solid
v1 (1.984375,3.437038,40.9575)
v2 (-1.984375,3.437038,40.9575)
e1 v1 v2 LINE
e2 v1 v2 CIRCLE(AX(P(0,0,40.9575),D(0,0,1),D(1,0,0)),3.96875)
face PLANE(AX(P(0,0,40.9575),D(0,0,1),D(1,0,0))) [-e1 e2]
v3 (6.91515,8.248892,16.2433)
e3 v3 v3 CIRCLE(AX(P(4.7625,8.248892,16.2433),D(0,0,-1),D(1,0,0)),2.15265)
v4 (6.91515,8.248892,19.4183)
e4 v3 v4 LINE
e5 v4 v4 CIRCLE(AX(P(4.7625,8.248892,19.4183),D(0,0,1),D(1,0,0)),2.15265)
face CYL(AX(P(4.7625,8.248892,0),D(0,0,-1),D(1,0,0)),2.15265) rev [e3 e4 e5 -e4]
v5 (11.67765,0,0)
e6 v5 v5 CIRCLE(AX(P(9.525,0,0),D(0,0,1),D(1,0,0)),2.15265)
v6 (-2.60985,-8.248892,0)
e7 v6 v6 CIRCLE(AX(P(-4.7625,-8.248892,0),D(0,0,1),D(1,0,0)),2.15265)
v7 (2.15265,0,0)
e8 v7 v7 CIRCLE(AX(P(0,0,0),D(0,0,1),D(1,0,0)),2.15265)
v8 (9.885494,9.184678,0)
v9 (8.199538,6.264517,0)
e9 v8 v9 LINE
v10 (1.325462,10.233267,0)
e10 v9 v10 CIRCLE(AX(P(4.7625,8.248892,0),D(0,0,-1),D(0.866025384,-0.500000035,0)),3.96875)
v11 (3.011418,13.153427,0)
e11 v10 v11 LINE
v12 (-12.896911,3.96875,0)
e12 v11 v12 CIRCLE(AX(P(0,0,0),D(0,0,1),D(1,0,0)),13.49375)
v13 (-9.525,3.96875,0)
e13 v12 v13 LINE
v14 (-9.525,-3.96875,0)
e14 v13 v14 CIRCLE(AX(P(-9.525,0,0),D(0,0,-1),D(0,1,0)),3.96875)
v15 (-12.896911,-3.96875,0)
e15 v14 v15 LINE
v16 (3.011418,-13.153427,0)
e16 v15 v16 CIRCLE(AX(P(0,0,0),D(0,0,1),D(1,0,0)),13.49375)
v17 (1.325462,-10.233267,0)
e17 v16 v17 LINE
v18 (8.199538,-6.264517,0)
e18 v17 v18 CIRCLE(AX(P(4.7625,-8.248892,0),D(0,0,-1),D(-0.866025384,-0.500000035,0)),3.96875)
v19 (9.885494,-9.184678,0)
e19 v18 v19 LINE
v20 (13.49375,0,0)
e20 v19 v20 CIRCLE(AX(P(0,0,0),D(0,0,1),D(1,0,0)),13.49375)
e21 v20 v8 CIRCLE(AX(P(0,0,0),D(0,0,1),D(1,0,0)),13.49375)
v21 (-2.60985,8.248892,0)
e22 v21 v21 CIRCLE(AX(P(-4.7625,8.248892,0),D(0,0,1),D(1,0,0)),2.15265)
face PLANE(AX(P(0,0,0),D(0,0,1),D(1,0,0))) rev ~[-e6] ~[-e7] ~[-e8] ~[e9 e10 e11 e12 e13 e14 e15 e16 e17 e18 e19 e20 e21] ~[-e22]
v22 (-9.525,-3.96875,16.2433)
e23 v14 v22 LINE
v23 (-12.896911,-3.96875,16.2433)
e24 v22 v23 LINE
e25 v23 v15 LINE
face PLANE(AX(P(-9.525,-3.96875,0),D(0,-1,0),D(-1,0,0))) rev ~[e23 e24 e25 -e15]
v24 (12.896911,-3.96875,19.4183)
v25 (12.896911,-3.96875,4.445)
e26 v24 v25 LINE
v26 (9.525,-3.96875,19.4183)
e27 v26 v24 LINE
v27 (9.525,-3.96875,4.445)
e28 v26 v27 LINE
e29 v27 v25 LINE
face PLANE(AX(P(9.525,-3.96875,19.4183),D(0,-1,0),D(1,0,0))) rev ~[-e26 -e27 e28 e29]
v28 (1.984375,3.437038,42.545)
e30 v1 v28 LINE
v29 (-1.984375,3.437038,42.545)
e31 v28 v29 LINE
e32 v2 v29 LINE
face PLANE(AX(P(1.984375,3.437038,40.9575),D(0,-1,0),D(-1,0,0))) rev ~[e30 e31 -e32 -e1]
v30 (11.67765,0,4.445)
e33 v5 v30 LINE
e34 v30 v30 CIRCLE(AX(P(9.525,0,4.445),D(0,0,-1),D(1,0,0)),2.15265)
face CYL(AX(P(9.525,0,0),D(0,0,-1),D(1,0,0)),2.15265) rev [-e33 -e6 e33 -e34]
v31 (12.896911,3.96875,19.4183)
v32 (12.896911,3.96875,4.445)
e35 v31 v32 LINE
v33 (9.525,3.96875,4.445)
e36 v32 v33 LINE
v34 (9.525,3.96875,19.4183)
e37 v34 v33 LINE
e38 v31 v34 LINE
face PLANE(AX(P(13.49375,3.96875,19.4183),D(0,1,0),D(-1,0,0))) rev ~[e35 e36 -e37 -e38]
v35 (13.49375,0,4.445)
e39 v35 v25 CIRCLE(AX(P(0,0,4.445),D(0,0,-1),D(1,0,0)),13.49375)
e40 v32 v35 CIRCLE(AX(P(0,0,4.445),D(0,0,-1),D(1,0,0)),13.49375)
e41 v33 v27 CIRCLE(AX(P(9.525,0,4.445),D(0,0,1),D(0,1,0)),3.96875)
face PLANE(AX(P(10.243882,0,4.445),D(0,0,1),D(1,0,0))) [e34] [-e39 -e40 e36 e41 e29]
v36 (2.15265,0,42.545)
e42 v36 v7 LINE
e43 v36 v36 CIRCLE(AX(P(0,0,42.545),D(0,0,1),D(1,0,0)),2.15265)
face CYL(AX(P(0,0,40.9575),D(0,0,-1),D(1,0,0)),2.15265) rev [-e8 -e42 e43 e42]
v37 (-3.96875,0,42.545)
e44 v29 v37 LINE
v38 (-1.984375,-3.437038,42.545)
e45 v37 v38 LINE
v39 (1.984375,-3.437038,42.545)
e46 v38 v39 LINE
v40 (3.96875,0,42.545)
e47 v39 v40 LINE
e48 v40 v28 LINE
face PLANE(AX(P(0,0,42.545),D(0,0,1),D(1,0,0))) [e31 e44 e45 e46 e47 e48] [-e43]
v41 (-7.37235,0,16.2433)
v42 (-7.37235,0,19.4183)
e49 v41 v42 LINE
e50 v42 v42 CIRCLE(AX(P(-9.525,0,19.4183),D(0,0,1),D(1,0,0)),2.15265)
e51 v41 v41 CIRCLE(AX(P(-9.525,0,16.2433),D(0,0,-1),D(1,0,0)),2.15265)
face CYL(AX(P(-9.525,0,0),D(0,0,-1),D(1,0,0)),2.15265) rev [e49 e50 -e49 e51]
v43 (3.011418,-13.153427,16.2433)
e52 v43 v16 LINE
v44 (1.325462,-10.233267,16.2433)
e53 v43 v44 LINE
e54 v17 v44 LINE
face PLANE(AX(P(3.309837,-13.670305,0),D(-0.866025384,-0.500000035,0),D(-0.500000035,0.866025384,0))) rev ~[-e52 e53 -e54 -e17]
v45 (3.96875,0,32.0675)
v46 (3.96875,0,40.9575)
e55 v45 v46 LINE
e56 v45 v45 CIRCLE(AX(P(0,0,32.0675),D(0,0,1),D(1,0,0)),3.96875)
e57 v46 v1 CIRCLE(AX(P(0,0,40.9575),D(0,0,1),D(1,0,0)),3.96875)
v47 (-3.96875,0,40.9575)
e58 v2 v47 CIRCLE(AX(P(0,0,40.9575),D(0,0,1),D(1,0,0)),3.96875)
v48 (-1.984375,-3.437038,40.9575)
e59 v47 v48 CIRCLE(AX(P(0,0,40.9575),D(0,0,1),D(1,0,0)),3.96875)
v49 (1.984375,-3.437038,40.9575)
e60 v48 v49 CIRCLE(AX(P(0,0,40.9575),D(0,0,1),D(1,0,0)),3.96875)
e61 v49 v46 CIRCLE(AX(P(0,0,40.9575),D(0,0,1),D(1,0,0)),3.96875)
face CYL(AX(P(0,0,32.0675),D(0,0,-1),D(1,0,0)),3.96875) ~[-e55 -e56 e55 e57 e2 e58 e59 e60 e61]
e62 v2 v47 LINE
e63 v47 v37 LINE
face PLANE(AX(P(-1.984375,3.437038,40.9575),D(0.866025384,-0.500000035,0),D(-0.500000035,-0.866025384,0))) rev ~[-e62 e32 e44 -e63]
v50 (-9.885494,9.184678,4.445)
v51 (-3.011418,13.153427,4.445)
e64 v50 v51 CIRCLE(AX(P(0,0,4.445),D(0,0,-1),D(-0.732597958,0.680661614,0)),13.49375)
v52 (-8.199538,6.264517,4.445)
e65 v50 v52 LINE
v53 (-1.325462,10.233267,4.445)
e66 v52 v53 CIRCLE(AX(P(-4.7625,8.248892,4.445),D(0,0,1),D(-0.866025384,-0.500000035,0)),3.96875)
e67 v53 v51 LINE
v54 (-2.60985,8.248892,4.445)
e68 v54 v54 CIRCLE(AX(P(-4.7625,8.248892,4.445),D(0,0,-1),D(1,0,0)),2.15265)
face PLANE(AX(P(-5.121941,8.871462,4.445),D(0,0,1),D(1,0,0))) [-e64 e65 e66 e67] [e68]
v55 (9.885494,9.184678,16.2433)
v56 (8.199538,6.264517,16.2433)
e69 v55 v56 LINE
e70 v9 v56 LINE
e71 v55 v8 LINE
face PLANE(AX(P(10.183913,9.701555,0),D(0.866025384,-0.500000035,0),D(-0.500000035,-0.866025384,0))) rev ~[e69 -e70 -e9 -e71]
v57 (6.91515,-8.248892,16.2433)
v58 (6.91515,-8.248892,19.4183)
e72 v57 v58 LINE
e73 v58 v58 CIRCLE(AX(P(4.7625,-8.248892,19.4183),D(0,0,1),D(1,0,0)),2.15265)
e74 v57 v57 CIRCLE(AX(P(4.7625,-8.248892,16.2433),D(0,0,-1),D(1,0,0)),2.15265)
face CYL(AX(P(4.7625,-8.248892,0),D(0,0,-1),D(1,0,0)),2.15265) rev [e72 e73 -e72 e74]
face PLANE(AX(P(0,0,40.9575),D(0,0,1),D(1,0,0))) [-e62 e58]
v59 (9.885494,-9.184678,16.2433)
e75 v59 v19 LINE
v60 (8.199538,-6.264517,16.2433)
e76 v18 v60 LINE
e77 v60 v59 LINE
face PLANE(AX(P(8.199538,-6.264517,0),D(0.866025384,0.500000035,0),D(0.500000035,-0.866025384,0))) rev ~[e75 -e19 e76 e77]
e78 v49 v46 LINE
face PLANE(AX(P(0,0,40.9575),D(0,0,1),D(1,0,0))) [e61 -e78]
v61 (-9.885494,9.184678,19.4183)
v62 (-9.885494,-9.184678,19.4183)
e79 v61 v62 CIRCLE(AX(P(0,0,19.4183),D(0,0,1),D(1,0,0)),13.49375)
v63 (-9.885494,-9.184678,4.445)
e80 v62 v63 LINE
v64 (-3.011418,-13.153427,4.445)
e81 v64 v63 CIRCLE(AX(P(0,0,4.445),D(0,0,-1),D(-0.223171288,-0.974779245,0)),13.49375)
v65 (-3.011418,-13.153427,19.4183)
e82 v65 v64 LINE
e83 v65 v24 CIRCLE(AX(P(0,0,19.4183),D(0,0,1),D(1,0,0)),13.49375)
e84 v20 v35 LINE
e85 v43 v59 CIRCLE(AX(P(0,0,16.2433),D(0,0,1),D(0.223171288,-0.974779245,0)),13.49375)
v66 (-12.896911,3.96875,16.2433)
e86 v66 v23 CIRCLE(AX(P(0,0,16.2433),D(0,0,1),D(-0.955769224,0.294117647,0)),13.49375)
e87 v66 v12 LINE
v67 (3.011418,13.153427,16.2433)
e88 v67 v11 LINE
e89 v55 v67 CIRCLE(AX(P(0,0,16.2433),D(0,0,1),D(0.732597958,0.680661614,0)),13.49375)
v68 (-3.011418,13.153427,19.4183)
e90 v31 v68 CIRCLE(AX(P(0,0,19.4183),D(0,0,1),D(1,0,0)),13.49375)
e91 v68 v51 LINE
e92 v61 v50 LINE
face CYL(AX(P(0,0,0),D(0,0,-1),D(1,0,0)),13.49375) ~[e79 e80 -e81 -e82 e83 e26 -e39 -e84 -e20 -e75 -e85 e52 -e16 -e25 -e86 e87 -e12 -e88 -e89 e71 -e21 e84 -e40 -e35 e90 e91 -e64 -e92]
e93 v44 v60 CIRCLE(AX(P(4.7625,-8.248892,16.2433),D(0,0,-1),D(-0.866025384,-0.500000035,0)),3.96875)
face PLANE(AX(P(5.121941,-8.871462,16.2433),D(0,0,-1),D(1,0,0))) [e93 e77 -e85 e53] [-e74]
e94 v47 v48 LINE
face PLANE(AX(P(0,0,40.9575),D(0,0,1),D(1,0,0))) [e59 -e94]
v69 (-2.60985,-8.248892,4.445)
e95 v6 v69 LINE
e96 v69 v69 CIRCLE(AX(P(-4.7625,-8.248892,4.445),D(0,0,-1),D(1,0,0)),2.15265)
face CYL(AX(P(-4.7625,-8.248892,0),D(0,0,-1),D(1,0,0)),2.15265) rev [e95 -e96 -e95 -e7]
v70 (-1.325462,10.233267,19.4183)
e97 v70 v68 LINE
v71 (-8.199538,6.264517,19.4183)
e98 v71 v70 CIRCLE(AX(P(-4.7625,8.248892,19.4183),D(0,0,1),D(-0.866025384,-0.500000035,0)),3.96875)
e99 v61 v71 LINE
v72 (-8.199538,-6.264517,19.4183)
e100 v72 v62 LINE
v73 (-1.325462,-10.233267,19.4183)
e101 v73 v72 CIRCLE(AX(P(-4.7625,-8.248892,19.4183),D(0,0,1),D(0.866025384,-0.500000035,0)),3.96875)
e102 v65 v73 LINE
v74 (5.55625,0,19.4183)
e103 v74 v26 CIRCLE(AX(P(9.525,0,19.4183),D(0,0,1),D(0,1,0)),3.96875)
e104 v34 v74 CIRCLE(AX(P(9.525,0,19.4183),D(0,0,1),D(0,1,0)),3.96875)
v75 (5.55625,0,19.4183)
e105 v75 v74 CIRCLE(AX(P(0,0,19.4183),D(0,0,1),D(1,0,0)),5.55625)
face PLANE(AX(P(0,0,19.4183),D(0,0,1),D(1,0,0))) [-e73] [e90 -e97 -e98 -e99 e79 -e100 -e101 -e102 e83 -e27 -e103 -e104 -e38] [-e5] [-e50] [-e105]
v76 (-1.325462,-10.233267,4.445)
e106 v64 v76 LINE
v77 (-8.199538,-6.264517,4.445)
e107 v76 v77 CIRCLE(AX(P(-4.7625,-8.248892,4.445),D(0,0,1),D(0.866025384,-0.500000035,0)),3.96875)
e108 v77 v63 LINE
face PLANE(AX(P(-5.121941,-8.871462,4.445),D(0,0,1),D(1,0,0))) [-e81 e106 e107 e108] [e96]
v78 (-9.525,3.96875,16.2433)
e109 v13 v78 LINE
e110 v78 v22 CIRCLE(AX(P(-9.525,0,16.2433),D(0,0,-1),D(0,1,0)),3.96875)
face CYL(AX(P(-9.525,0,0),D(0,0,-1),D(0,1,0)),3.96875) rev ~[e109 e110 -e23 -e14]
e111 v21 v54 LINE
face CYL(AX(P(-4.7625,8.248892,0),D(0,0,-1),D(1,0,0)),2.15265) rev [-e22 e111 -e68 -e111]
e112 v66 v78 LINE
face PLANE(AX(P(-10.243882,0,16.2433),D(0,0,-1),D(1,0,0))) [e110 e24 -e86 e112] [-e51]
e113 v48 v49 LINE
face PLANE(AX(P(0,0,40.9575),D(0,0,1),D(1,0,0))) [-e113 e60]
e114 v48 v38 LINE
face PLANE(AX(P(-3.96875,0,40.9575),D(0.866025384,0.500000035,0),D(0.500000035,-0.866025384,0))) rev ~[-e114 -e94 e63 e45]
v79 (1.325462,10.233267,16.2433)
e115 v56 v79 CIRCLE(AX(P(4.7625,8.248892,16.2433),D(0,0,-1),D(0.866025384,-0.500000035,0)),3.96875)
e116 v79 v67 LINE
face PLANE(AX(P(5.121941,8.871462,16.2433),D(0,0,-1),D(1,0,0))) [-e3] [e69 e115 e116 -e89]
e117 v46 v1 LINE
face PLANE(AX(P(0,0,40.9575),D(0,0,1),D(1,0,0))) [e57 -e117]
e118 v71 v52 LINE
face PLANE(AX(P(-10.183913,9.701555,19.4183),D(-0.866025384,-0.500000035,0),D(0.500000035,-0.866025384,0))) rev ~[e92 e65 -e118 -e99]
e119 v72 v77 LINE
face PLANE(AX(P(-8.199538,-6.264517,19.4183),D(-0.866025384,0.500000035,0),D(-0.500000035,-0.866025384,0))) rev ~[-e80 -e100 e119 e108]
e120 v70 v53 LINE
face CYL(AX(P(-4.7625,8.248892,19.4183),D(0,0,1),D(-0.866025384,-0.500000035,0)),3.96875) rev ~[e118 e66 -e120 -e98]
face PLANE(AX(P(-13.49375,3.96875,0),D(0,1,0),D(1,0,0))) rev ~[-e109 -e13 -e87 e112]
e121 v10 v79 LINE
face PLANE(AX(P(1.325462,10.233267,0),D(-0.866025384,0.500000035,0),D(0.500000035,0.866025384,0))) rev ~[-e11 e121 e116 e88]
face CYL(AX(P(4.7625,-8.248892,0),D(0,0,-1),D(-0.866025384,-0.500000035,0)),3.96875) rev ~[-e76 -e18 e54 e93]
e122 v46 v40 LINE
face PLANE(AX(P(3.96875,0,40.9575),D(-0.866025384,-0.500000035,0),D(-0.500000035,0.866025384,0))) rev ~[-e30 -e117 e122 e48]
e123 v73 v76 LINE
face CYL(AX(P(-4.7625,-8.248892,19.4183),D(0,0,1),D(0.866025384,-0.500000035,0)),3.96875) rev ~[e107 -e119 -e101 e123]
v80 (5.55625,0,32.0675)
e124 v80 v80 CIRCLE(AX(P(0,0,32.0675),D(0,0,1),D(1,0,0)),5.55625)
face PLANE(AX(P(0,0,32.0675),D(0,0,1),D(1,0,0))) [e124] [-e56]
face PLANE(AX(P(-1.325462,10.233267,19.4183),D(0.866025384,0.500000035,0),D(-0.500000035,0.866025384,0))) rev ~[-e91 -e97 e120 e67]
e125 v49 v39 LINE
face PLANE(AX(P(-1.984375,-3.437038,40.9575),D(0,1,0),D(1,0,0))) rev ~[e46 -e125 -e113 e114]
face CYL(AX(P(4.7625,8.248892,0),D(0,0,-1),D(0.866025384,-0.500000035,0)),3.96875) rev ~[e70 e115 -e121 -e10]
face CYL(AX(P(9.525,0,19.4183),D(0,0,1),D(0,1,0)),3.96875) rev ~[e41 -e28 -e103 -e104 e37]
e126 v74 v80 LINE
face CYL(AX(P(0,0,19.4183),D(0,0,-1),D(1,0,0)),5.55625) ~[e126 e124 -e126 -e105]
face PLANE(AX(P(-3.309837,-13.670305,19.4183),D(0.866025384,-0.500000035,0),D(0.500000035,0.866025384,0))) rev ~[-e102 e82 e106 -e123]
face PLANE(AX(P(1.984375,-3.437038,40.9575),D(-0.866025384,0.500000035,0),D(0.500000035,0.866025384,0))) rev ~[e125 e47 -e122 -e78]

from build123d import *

# Parameters (mm, degrees)
F0_R      = 13.49375
F0_R_2    = 2.15265
F1_DEPTH  = 19.4183
F5_DEPTH  = 14.9733
F7_DEPTH  = 16.2433
F8_R      = 5.55625
F8_R_2    = 2.15265
F9_DEPTH  = 12.6492
F10_R     = 3.96875
F10_R_2   = 2.15265
F11_DEPTH = 8.89
F12_R     = 2.15265
F13_DEPTH = 1.5875


with BuildPart() as f1:
    # F0 (on Top) → F1 (new body)
    with BuildSketch(Plane.XY):
        Circle(F0_R)
        with Locations((-4.7625, -8.248892)):
            Circle(F0_R_2, mode=Mode.SUBTRACT)
        with Locations((4.7625, -8.248892)):
            Circle(F0_R_2, mode=Mode.SUBTRACT)
        with Locations((-9.525, 0)):
            Circle(F0_R_2, mode=Mode.SUBTRACT)
        with Locations((-4.7625, 8.248892)):
            Circle(F0_R_2, mode=Mode.SUBTRACT)
        Circle(F0_R_2, mode=Mode.SUBTRACT)
        with Locations((9.525, 0)):
            Circle(F0_R_2, mode=Mode.SUBTRACT)
        with Locations((4.7625, 8.248892)):
            Circle(F0_R_2, mode=Mode.SUBTRACT)
    extrude(amount=F1_DEPTH)

    # F4 (on face) → F5 (cut, through all)
    with BuildSketch(Plane.XY.offset(19.4183)):
        with BuildLine():
            Line((-3.309837, 13.670305), (-10.183913, 9.701555))
            Line((-10.183913, 9.701555), (-8.199538, 6.264517))
            ThreePointArc((-8.199538, 6.264517), (-2.778125, 4.811854), (-1.325462, 10.233267))
            Line((-1.325462, 10.233267), (-3.309837, 13.670305))
        make_face()
        with BuildLine():
            Line((13.49375, 3.96875), (9.525, 3.96875))
            ThreePointArc((9.525, 3.96875), (5.55625, 0), (9.525, -3.96875))
            Line((9.525, -3.96875), (13.49375, -3.96875))
            Line((13.49375, -3.96875), (13.49375, 3.96875))
        make_face()
        with BuildLine():
            Line((-8.199538, -6.264517), (-10.183913, -9.701555))
            Line((-10.183913, -9.701555), (-3.309837, -13.670305))
            Line((-3.309837, -13.670305), (-1.325462, -10.233267))
            ThreePointArc((-1.325462, -10.233267), (-2.778125, -4.811854), (-8.199538, -6.264517))
        make_face()
    extrude(amount=-F5_DEPTH, mode=Mode.SUBTRACT)

    # F6 (on face) → F7 (cut, through all)
    with BuildSketch(Plane(origin=(0, 0, 0), x_dir=(1, 0, 0), z_dir=(0, 0, -1))):
        with BuildLine():
            Line((1.325462, -10.233267), (3.309837, -13.670305))
            Line((3.309837, -13.670305), (10.183913, -9.701555))
            Line((10.183913, -9.701555), (8.199538, -6.264517))
            ThreePointArc((8.199538, -6.264517), (2.778125, -4.811854), (1.325462, -10.233267))
        make_face()
        with BuildLine():
            Line((10.183913, 9.701555), (3.309837, 13.670305))
            Line((3.309837, 13.670305), (1.325462, 10.233267))
            ThreePointArc((1.325462, 10.233267), (2.778125, 4.811854), (8.199538, 6.264517))
            Line((8.199538, 6.264517), (10.183913, 9.701555))
        make_face()
        with BuildLine():
            Line((-9.525, 3.96875), (-13.49375, 3.96875))
            Line((-13.49375, 3.96875), (-13.49375, -3.96875))
            Line((-13.49375, -3.96875), (-9.525, -3.96875))
            ThreePointArc((-9.525, -3.96875), (-5.55625, 0), (-9.525, 3.96875))
        make_face()
    extrude(amount=-F7_DEPTH, mode=Mode.SUBTRACT)

    # F8 (on face) → F9 (join)
    with BuildSketch(Plane.XY.offset(19.4183)):
        Circle(F8_R)
        Circle(F8_R_2, mode=Mode.SUBTRACT)
    extrude(amount=F9_DEPTH)

    # F10 (on face) → F11 (join)
    with BuildSketch(Plane.XY.offset(32.0675)):
        Circle(F10_R)
        Circle(F10_R_2, mode=Mode.SUBTRACT)
    extrude(amount=F11_DEPTH)

    # F12 (on face) → F13 (join)
    with BuildSketch(Plane.XY.offset(40.9575)):
        Polygon((1.984375, 3.437038), (-1.984375, 3.437038), (-3.96875, 0), (-1.984375, -3.437038), (1.984375, -3.437038), (3.96875, 0), align=None)
        Circle(F12_R, mode=Mode.SUBTRACT)
    extrude(amount=F13_DEPTH)


solid = f1.part
